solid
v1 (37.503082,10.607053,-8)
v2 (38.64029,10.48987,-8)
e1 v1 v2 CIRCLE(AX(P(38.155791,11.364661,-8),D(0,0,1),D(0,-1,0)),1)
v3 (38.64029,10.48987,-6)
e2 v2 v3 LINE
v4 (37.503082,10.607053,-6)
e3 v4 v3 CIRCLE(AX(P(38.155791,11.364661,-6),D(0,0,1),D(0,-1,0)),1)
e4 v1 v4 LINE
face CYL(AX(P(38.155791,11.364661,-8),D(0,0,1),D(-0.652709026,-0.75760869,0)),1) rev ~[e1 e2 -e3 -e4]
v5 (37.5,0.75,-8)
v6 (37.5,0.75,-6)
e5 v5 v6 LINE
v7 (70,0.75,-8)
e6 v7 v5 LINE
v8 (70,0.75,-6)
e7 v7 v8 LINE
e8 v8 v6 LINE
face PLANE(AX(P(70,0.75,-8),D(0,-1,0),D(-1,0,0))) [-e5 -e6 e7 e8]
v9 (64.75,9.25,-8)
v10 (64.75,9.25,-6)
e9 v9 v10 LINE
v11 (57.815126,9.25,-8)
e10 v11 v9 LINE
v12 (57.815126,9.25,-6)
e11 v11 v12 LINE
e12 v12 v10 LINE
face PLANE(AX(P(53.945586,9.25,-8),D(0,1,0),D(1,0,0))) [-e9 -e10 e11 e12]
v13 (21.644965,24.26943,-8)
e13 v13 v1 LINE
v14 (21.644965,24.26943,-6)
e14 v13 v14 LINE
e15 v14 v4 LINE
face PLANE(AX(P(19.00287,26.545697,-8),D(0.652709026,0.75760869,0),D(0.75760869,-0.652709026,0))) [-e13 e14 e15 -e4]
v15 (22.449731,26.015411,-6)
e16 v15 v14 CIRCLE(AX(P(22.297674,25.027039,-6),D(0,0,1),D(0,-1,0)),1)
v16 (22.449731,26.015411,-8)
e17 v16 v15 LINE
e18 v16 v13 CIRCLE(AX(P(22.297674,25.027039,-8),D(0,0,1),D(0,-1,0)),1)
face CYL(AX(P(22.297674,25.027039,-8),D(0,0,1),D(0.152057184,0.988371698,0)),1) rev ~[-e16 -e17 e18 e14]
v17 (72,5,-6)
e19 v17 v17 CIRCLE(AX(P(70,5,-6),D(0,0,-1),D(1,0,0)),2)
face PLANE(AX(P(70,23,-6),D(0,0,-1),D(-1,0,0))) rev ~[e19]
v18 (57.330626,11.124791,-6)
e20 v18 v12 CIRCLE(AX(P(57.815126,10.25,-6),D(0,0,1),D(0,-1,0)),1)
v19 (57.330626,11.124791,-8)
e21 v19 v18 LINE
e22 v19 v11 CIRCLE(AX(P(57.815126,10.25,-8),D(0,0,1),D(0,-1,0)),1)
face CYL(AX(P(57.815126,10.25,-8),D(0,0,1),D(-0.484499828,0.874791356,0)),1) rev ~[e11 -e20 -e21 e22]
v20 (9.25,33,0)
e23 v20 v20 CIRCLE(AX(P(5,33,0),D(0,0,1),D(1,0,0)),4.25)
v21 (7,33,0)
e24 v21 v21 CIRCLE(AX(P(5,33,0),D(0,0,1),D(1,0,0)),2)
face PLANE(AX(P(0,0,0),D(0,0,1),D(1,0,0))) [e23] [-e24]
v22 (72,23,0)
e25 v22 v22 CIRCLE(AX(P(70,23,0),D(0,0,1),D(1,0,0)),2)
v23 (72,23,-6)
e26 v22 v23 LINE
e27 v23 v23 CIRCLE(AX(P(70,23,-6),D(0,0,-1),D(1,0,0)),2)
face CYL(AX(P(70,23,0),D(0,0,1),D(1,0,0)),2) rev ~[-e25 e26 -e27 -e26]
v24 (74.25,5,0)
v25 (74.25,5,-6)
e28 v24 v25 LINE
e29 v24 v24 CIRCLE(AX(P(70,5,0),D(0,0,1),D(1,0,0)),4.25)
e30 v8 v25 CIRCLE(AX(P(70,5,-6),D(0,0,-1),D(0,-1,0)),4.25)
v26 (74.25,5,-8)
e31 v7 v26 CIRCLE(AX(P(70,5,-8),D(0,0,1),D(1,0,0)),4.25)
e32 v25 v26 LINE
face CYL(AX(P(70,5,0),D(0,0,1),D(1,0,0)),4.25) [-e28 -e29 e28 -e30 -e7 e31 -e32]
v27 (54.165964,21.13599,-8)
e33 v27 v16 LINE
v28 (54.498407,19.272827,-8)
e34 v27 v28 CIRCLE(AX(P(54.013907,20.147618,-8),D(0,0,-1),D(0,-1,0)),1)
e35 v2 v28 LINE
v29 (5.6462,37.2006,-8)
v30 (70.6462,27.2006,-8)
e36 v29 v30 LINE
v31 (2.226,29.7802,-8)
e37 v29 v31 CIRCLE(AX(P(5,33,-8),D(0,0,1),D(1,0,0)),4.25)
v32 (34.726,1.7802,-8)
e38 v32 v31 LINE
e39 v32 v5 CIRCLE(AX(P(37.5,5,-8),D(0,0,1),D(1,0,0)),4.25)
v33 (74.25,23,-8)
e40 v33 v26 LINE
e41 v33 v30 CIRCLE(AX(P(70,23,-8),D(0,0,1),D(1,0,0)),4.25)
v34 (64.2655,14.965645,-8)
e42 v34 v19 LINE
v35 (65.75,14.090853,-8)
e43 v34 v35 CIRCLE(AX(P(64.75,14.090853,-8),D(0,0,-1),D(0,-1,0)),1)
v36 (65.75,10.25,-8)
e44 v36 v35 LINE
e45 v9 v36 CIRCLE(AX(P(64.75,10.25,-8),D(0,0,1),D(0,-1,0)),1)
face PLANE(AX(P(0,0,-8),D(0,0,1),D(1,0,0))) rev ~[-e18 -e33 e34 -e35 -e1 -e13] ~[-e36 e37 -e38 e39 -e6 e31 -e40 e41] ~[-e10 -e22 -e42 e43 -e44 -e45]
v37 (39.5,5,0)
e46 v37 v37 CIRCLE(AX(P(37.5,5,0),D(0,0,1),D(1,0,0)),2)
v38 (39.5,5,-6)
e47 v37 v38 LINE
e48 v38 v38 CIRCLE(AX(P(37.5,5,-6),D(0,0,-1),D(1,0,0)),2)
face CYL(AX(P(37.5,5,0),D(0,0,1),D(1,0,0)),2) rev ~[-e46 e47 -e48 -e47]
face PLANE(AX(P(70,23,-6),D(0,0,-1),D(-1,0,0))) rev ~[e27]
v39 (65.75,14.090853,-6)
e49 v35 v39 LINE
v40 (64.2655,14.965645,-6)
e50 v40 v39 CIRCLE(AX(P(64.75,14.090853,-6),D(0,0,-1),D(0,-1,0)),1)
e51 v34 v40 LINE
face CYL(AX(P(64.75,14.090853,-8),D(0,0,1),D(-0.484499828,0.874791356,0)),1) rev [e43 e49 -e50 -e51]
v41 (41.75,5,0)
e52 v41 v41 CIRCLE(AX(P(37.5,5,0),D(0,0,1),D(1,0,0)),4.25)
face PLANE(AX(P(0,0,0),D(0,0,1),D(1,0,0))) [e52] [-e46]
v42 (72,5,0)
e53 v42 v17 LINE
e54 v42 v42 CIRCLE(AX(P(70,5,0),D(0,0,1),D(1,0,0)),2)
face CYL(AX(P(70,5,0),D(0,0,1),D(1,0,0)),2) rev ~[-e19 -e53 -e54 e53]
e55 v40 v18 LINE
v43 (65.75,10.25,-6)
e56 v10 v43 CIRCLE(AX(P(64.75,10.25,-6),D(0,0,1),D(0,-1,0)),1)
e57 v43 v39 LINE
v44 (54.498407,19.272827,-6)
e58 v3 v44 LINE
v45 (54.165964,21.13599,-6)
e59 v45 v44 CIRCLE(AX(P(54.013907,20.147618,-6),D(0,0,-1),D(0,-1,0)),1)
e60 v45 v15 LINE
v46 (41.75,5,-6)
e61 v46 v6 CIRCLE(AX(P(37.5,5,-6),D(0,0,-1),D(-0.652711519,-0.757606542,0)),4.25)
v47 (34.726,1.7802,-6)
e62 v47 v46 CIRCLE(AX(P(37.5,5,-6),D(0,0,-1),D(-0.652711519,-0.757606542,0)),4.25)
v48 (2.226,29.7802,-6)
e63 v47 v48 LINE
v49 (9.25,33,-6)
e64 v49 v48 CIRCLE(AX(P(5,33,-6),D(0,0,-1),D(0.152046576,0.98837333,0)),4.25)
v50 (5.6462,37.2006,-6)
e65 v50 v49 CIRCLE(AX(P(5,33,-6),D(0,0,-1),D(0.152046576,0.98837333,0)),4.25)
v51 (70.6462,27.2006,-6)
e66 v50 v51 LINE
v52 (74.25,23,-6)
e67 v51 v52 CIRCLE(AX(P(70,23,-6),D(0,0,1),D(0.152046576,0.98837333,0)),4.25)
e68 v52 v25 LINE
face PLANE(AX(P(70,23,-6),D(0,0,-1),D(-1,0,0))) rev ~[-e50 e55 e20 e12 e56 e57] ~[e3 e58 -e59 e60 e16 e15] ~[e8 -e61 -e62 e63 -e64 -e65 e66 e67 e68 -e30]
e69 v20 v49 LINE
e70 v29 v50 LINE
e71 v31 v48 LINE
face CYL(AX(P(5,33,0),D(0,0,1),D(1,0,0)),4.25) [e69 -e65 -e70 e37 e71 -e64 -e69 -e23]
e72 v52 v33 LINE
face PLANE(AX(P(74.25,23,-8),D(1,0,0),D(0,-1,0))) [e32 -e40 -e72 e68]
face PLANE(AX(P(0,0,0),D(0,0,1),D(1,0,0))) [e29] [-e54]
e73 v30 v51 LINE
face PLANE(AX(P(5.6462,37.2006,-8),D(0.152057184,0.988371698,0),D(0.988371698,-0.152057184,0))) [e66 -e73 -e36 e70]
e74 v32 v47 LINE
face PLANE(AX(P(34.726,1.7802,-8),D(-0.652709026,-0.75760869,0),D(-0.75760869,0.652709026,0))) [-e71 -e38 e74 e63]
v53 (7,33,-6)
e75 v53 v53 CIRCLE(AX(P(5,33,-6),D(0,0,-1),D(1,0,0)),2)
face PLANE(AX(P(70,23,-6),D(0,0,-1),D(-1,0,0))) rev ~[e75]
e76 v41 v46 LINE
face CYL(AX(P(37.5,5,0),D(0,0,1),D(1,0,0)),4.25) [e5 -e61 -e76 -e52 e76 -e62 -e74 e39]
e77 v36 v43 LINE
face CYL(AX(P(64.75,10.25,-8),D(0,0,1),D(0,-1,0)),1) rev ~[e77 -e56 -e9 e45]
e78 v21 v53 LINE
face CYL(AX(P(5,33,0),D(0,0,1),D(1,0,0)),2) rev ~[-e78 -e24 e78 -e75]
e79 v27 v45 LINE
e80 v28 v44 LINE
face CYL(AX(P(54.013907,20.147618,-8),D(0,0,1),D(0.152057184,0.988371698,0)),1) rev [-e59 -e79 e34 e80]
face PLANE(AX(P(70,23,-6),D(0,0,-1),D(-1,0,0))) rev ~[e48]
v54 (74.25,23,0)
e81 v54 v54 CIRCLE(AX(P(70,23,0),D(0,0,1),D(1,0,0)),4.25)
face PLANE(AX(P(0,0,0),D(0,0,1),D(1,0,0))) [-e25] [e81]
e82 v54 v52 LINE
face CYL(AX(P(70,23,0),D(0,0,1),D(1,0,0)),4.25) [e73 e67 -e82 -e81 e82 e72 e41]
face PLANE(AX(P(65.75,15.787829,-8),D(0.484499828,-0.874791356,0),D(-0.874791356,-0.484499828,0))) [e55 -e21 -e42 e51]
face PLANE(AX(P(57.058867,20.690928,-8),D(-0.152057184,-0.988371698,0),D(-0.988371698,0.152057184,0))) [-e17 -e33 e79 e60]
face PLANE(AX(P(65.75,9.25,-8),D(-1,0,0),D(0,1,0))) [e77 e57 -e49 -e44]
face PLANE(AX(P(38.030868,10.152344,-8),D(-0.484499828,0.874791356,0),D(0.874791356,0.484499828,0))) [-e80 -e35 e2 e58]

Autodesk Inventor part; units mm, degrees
ref_plane "YZ Plane" through (0, 0, 0) normal (1, 0, 0) x (0, 1, 0)
ref_plane "XZ Plane" through (0, 0, 0) normal (0, 1, 0) x (-1, 0, 0)
ref_plane "XY Plane" through (0, 0, 0) normal (0, 0, 1) x (1, 0, 0)
sketch "Skizze1" plane through (0, 0, 0) normal (0, 0, 1) x (1, 0, 0)
  circle A0 centre (5, 33) radius 4.25
  circle A1 centre (37.5, 5) radius 4.25
  circle A2 centre (70, 23) radius 4.25
  circle A3 centre (70, 5) radius 4.25
  circle A4 centre (5, 33) radius 2
  circle A5 centre (37.5, 5) radius 2
  circle A6 centre (70, 5) radius 2
  circle A7 centre (70, 23) radius 2
  point P0 (0, 0)
  dimension "d0" = 8.5
  dimension "d1" = 33
  dimension "d2" = 5
  dimension "d3" = 8.5
  dimension "d4" = 5
  dimension "d5" = 37.5
  dimension "d6" = 8.5
  dimension "d7" = 70
  dimension "d8" = 23
  dimension "d9" = 8.5
  dimension "d10" = 70
  dimension "d11" = 5
  dimension "d12" = 4
  dimension "d13" = 4
  dimension "d14" = 4
  dimension "d15" = 4
extrude "Extrusion1" add sketch "Skizze1" against normal blind 8
sketch "Skizze2" plane through (70, 23, -8) normal (0, 0, -1) x (-1, 0, 0)
  circle A0 centre (0, 0) radius 2 projected
  circle A1 centre (0, 0) radius 4.25 projected
  circle A2 centre (0, 0) radius 2 projected
  circle A3 centre (0, -18) radius 4.25 projected
  circle A4 centre (0, -18) radius 2 projected
  circle A5 centre (32.5, -18) radius 4.25 projected
  circle A6 centre (32.5, -18) radius 2 projected
  circle A7 centre (65, 10) radius 4.25 projected
  circle A8 centre (65, 10) radius 2 projected
  line L0 (0, 0) -> (0, -18) construction
  line L1 (-4.25, 0) -> (-4.25, -18)
  line L2 (4.25, -18) -> (4.25, 0)
  arc A9 (4.25, 0) -> (-4.25, 0) centre (0, 0) ccw
  arc A10 (-4.25, -18) -> (4.25, -18) centre (0, -18) ccw
  line L3 (0, -18) -> (32.5, -18) construction
  line L4 (0, -22.25) -> (32.5, -22.25)
  line L5 (32.5, -13.75) -> (0, -13.75)
  arc A11 (0, -13.75) -> (0, -22.25) centre (0, -18) ccw
  arc A12 (32.5, -22.25) -> (32.5, -13.75) centre (32.5, -18) ccw
  circle A13 centre (32.5, -18) radius 2 projected
  line L6 (65, 10) -> (32.5, -18) construction
  line L7 (62.226, 13.2198) -> (29.726, -14.7802)
  line L8 (35.274, -21.2198) -> (67.774, 6.7802)
  arc A14 (67.774, 6.7802) -> (62.226, 13.2198) centre (65, 10) ccw
  arc A15 (29.726, -14.7802) -> (35.274, -21.2198) centre (32.5, -18) ccw
  line L9 (0, 0) -> (32.5, -18) construction
  line L10 (-2.0591, -3.7179) -> (30.4409, -21.7179)
  line L11 (34.5591, -14.2821) -> (2.0591, 3.7179)
  arc A16 (2.0591, 3.7179) -> (-2.0591, -3.7179) centre (0, 0) ccw
  arc A17 (30.4409, -21.7179) -> (34.5591, -14.2821) centre (32.5, -18) ccw
  line L12 (0, 0) -> (65, 10) construction
  line L13 (0.6462, -4.2006) -> (65.6462, 5.7994)
  line L14 (64.3538, 14.2006) -> (-0.6462, 4.2006)
  arc A18 (-0.6462, 4.2006) -> (0.6462, -4.2006) centre (0, 0) ccw
  arc A19 (65.6462, 5.7994) -> (64.3538, 14.2006) centre (65, 10) ccw
  point P0 (70, -23)
  point P1 (0, -9)
  point P2 (16.25, -18)
  point P3 (48.75, -4)
  point P4 (16.25, -9)
  point P5 (32.5, 5)
  point P6 (50.9971, 3.5457)
  point P7 (31.9691, -12.8477)
  point P8 (12.9411, -2.3091)
  point P9 (-4.25, 0)
  point P10 (-4.25, -18)
  point P11 (4.25, -13.75)
  point P12 (4.25, -7.2121)
  point P13 (16.0545, -13.75)
extrude "Extrusion2" add sketch "Skizze2" against normal blind 2 contours A0 | L2 L13 A1 | A1 L11 L13 L2 | A1 L14 A7 L7 L13 L11 | L13 L2 L10 A1 | L13 L11 L7 L5 L10 L2 | L10 L2 L5 A3 L1 A1 | L11 A5 L5 L7 | L7 L13 A7 L8 A5 L11 | L7 A7 L13 | L5 L10 A5 L4 A3 L2 | L2 A3 L5 | L5 L7 A5 L10 | L5 A5 L7 | A4 | A6 | A8
fillet "Rundung1" radius 1 6 edges at (19.0029, 26.5457, -7) (38.0309, 10.1523, -7) (57.0589, 20.6909, -7) (53.9455, 9.25, -7) (65.75, 9.25, -7) (65.75, 15.7879, -7)
properties part number "200_Frame_Internal"
